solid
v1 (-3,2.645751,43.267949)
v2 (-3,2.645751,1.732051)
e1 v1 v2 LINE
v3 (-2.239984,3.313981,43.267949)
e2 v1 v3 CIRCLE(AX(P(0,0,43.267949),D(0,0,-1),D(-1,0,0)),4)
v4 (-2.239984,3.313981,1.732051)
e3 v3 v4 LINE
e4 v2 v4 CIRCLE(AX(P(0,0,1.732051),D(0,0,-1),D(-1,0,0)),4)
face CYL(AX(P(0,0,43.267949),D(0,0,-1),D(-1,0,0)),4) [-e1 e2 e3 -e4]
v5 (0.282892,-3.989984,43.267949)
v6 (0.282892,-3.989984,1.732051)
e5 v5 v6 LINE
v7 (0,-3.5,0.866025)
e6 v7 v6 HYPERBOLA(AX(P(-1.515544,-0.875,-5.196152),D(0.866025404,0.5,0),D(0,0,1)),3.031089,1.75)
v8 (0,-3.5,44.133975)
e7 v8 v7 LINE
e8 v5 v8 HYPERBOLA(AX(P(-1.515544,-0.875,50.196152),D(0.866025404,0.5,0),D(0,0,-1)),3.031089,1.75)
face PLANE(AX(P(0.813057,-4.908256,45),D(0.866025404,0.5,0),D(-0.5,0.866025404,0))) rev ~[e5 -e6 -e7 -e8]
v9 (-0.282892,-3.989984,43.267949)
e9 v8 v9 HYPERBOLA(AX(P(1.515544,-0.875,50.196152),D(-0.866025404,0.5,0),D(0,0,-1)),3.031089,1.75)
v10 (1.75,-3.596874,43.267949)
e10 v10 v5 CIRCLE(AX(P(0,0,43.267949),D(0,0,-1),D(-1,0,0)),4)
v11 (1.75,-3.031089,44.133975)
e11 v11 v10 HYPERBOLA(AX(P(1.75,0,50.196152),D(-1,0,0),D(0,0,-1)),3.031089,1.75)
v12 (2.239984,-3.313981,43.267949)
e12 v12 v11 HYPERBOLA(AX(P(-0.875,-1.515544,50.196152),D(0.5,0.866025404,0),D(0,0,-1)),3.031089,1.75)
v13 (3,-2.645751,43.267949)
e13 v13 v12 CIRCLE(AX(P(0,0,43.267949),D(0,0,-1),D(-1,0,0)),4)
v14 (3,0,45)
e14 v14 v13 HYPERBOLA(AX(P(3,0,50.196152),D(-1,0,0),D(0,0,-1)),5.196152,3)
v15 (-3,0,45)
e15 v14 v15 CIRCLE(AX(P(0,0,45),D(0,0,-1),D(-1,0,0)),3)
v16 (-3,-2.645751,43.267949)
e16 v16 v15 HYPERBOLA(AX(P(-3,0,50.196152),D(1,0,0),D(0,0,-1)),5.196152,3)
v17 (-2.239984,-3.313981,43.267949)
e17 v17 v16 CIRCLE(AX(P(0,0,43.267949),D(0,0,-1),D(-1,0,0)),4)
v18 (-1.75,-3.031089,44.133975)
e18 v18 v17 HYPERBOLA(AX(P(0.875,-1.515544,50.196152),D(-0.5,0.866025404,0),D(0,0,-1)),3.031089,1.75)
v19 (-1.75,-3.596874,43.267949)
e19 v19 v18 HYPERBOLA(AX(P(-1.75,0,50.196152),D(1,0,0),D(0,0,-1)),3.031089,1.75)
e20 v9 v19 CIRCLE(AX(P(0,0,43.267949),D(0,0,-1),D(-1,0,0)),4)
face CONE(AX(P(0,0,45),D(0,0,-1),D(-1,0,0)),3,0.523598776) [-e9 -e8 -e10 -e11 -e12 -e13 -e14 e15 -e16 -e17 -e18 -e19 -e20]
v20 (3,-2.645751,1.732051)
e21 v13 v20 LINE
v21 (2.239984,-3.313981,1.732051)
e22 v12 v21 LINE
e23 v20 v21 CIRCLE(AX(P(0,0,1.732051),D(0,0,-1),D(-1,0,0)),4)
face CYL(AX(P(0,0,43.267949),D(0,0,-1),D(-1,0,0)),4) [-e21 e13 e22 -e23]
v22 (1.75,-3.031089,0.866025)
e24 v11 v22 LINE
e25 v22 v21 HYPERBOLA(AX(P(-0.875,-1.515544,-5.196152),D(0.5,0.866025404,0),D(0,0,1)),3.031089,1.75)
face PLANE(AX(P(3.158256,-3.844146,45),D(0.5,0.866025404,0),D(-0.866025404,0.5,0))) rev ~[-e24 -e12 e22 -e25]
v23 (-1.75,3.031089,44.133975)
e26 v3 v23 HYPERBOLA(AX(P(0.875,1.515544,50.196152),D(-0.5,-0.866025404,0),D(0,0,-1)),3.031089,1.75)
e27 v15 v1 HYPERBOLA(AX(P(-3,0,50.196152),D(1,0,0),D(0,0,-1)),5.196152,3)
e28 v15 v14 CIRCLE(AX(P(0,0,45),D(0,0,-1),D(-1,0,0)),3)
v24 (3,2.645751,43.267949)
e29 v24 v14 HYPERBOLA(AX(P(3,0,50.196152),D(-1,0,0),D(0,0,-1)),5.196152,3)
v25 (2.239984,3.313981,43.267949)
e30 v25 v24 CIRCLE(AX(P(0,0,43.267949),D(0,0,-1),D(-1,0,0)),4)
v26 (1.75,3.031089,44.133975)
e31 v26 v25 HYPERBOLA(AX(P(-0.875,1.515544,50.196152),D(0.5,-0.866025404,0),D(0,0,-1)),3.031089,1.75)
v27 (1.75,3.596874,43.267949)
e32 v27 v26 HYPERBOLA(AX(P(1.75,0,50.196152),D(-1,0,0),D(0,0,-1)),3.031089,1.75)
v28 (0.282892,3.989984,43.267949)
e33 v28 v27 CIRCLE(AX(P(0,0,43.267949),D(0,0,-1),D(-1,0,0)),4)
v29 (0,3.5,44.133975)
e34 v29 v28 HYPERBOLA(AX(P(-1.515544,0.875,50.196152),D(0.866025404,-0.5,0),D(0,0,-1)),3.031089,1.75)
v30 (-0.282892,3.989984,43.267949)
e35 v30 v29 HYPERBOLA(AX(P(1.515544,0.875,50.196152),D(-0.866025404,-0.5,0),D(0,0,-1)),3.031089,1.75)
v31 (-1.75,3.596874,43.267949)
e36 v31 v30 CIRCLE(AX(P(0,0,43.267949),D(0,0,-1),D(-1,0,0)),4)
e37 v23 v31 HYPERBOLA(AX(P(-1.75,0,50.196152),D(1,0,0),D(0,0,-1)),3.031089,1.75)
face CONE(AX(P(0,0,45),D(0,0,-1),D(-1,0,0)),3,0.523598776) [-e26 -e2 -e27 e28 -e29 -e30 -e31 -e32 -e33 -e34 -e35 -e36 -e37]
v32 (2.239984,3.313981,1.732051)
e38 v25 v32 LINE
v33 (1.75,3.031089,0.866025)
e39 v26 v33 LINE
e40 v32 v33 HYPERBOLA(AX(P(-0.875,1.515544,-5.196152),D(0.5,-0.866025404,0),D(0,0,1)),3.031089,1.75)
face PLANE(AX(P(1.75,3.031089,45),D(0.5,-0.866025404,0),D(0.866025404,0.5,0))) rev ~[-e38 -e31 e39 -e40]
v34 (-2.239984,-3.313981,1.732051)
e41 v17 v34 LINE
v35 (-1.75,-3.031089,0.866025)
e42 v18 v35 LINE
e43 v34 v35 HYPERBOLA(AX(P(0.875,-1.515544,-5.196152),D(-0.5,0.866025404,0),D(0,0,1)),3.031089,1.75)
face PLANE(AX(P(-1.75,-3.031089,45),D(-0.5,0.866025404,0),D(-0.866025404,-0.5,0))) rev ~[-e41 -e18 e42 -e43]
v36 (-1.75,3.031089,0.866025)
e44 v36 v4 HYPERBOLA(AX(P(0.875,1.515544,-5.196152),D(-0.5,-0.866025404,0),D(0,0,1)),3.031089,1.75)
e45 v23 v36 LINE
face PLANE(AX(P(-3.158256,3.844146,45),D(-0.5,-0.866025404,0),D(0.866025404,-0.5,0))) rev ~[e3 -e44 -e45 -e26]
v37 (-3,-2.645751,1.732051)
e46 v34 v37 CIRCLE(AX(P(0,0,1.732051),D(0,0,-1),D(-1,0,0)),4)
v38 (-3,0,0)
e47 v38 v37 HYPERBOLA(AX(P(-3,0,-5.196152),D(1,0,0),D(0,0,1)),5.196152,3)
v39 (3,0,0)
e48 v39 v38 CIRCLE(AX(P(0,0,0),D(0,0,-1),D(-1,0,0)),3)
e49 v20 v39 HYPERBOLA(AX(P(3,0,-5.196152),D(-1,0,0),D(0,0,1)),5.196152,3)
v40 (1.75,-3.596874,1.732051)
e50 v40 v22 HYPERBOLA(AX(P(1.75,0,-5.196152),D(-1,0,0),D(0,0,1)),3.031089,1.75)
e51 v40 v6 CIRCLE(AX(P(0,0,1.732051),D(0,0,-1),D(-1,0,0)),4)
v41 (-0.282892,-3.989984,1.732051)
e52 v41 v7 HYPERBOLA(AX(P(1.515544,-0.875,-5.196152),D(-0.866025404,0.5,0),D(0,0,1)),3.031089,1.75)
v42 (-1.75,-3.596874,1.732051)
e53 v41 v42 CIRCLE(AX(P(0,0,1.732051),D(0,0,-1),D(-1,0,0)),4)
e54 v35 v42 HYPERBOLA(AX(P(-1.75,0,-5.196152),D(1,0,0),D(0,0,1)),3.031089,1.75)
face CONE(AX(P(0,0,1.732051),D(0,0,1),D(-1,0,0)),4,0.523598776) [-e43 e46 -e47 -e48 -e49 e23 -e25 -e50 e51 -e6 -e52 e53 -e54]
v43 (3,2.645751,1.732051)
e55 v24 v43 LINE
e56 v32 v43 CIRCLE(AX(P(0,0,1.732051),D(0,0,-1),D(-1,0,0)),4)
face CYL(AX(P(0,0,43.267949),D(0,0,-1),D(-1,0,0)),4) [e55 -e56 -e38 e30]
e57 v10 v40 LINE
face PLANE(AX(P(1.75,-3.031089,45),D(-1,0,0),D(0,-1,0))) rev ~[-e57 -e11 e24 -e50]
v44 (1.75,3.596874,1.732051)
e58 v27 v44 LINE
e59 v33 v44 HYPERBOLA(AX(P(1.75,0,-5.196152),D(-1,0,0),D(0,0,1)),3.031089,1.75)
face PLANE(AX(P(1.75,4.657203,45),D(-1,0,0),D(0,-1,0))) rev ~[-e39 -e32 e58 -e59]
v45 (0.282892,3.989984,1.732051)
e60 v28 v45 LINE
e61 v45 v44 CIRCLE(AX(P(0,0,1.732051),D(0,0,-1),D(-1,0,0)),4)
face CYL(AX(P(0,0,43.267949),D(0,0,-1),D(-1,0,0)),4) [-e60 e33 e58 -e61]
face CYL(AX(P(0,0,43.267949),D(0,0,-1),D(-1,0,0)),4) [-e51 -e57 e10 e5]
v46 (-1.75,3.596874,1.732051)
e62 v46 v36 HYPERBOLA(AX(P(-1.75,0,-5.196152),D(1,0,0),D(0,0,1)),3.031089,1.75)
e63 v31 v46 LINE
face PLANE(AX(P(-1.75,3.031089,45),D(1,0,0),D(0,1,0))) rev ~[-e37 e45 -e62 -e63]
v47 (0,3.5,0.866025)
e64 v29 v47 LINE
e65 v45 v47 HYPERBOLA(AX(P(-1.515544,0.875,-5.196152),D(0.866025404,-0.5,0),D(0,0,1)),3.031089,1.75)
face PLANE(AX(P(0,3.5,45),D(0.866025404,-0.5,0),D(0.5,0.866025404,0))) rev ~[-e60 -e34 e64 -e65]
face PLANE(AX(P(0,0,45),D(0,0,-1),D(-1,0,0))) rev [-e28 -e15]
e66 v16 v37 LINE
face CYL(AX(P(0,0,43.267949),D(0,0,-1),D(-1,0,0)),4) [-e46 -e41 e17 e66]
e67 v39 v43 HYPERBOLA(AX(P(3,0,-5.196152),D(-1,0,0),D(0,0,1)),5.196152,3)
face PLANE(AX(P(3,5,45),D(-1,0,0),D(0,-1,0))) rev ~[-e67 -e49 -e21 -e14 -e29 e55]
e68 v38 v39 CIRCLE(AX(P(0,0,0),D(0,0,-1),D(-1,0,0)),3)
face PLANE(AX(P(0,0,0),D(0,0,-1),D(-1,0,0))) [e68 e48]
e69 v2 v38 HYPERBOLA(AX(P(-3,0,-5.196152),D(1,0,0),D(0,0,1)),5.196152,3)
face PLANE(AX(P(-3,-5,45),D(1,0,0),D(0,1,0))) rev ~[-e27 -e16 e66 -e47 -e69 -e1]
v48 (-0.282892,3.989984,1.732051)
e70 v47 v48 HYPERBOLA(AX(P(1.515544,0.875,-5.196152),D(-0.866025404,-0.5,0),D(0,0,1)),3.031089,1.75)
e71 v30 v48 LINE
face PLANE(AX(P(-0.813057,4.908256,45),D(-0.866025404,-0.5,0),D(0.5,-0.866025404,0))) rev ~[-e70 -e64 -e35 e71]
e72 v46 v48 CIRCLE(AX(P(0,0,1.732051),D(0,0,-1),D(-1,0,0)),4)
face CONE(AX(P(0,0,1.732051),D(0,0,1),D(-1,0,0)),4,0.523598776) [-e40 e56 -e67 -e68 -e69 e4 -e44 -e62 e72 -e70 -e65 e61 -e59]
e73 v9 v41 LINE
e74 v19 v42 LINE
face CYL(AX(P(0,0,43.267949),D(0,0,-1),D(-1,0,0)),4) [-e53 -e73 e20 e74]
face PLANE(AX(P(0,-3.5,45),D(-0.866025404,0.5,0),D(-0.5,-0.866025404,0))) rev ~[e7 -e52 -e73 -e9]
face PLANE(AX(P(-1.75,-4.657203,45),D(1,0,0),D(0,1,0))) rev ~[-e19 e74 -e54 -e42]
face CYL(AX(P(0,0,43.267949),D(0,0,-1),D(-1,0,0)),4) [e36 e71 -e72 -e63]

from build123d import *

# Parameters (mm, degrees)
F3_DEPTH = 45.001
F5_DEPTH = 45.001
F6_COUNT = 12
F7_COUNT = 12


with BuildPart() as f1:
    # F0 (on Front) → F1 (revolve)
    with BuildSketch(Plane.XZ):
        Polygon((-3, 0), (0, 0), (0, 45), (-3, 45), (-4, 43.2679491924), (-4, 1.7320508076), align=None)
    revolve(axis=Axis((0, 0, 22.5), (0, 0, -1)))

    # F2 (on face) → F3 (cut, through all)
    with BuildSketch(Plane.XY.offset(45)):
        with BuildLine():
            Line((-3, 0), (-3, 5))
            ThreePointArc((-3, 5), (-5.8309518948, 0), (-3, -5))
            Line((-3, -5), (-3, 0))
        make_face()
        with BuildLine():
            ThreePointArc((5.8309518948, 0), (5.0740937952, 2.8729030888), (3, 5))
            Line((3, 5), (3, 0))
            Line((3, 0), (3, -5))
            ThreePointArc((3, -5), (5.0740937952, -2.8729030888), (5.8309518948, 0))
        make_face()
    extrude(amount=-F3_DEPTH, mode=Mode.SUBTRACT)

    # F4 (on face) → F5 (cut, through all)
    with BuildSketch(Plane.XY.offset(45)):
        Polygon((0.813057266, 4.9082564943), (-0.813057266, 4.9082564943), (0, 3.5), align=None)
        Polygon((0.813057266, -4.9082564943), (0, -3.5), (-0.813057266, -4.9082564943), align=None)
    f5 = extrude(amount=-F5_DEPTH, mode=Mode.SUBTRACT)

    # F6: F5 ×12 about axis
    f6_axis = Axis((0, 0, 45), (0, 0, -1))
    for i in range(1, F6_COUNT):
        add(f5.solids().sort_by_distance((0.406529, 4.204128, 22.4995))[0].rotate(f6_axis, i * 360 / F6_COUNT), mode=Mode.SUBTRACT)

    # F7: F5 ×12 about axis
    f7_axis = Axis((0, 0, 45), (0, 0, 1))
    for i in range(1, F7_COUNT):
        add(f5.solids().sort_by_distance((0.406529, -4.204128, 22.4995))[0].rotate(f7_axis, i * 360 / F7_COUNT), mode=Mode.SUBTRACT)


solid = f1.part
